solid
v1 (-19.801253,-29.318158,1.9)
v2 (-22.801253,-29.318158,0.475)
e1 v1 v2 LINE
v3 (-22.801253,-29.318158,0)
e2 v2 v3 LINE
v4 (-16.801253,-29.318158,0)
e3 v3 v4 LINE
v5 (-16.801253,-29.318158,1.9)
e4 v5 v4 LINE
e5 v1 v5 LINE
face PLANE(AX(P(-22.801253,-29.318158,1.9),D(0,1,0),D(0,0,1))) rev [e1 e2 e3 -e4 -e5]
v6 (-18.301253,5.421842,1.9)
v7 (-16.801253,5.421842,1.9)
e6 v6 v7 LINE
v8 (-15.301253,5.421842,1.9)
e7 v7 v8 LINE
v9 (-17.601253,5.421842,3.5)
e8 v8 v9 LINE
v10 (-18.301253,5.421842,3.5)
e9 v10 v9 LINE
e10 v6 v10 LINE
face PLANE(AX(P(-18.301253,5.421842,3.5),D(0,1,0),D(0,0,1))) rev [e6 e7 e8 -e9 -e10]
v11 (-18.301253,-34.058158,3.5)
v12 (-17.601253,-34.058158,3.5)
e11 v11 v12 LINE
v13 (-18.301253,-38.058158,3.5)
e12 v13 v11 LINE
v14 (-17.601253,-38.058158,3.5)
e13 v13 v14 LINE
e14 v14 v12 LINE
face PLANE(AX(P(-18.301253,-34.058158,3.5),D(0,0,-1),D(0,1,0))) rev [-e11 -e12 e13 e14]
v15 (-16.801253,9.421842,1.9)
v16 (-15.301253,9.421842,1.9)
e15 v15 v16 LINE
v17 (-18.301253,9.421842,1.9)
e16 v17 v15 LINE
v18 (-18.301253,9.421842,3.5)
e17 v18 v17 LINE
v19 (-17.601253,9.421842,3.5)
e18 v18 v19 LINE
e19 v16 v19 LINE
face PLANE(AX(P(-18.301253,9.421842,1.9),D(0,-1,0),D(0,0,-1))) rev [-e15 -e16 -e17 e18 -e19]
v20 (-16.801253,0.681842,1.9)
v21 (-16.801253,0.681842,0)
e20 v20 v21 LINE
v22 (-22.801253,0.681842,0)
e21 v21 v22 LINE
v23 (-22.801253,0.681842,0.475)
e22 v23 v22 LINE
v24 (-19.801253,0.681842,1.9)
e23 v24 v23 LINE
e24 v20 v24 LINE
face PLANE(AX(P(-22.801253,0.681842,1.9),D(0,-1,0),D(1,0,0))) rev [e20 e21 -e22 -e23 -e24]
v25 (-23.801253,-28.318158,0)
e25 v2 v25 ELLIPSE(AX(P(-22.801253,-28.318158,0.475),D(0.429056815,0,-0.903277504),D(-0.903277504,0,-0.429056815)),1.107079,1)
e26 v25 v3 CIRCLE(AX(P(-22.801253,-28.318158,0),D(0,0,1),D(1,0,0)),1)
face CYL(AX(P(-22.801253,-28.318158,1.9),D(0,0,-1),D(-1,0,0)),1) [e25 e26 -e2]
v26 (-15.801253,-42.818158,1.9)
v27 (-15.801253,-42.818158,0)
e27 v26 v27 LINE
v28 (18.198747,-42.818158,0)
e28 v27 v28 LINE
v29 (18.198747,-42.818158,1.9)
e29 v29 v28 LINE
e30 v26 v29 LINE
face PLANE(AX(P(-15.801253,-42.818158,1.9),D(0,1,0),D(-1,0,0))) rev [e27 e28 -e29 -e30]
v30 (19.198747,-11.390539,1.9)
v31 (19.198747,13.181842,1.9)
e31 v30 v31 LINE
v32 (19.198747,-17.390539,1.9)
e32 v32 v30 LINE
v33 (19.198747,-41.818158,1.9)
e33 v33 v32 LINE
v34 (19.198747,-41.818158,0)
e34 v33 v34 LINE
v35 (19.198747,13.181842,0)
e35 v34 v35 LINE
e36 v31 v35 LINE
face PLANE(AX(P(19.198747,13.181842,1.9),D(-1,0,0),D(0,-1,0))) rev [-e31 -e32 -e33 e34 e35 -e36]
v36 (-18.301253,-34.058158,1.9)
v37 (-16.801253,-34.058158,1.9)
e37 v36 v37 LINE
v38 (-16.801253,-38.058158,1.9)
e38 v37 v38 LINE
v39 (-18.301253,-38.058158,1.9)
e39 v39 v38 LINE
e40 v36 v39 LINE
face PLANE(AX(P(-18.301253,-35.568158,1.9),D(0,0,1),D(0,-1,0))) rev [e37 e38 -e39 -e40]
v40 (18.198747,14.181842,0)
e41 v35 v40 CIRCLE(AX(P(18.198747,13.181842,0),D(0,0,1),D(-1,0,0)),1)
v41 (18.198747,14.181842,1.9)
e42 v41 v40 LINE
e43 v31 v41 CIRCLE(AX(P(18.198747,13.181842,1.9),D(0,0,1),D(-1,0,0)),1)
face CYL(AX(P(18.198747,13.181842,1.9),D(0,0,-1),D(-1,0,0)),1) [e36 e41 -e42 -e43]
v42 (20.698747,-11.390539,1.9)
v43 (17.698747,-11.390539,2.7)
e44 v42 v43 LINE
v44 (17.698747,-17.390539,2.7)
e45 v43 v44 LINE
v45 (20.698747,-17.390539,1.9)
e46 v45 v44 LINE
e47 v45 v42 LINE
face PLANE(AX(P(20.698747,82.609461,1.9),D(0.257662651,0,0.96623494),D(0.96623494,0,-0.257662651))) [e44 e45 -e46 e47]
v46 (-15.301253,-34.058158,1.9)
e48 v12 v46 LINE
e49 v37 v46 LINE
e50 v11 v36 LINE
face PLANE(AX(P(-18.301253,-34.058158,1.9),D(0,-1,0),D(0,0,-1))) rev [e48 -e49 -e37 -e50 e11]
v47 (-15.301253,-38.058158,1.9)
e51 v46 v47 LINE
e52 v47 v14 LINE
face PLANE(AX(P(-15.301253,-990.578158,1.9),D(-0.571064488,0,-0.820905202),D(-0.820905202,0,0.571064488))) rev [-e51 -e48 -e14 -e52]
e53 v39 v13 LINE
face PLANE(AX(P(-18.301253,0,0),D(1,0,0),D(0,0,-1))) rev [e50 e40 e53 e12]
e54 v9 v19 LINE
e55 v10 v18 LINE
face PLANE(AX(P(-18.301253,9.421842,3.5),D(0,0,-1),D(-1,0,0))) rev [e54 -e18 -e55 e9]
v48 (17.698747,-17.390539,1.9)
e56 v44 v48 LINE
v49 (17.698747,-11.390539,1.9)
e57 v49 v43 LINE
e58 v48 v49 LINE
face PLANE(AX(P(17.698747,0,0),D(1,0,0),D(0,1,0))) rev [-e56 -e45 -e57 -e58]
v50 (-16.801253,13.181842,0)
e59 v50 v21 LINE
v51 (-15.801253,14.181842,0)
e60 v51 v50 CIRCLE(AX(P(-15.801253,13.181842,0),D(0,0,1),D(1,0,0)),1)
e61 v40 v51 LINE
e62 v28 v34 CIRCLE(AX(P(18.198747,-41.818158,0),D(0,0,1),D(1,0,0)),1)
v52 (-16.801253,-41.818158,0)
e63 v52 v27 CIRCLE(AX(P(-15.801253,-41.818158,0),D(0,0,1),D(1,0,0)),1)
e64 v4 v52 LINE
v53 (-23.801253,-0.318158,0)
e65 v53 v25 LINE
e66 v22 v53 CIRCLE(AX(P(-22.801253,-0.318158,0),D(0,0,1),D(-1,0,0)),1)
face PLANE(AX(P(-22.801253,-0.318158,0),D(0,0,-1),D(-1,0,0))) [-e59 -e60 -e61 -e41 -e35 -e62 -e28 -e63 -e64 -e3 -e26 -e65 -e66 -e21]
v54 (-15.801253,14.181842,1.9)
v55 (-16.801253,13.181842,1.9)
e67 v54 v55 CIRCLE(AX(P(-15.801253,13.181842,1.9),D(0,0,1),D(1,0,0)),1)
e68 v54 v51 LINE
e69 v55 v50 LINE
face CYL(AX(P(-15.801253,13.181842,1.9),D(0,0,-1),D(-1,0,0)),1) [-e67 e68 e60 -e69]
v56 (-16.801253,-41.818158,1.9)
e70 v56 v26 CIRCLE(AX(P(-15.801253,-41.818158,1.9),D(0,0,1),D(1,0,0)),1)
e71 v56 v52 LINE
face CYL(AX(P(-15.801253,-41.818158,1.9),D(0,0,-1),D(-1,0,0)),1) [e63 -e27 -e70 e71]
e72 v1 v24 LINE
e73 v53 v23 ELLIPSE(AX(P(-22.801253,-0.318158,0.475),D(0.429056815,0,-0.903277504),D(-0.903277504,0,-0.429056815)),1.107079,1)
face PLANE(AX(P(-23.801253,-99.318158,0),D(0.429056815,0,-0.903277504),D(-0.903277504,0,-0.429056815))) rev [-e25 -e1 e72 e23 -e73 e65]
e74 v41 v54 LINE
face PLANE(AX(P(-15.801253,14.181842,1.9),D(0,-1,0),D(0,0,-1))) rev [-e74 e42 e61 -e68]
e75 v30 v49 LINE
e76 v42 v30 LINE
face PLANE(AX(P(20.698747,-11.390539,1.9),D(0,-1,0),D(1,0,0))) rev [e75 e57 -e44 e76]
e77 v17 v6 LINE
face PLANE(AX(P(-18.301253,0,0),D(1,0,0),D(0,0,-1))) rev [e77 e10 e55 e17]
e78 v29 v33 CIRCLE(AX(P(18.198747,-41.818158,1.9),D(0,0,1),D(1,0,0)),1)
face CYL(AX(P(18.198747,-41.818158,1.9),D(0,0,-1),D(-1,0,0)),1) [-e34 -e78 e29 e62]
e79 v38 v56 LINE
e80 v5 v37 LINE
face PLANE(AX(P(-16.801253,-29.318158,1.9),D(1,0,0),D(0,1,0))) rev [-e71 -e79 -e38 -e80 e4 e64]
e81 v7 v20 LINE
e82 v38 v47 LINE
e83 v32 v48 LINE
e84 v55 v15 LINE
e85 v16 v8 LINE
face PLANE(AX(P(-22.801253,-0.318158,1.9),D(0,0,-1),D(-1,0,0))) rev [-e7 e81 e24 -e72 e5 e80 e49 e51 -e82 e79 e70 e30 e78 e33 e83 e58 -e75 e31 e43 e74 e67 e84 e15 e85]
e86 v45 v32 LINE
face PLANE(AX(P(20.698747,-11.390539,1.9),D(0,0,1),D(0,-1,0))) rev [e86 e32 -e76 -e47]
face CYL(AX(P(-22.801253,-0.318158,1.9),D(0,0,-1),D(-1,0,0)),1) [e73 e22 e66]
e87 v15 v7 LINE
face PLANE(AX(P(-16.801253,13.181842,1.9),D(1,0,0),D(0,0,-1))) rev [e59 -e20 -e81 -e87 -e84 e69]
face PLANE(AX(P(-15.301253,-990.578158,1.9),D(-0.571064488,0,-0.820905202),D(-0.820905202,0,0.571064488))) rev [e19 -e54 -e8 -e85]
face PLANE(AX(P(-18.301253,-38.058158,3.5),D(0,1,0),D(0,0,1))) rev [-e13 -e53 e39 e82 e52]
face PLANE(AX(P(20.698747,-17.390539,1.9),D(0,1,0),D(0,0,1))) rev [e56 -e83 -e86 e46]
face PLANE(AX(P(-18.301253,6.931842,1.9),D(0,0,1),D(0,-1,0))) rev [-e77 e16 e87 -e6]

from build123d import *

# Parameters (mm, degrees)
RESSALTO_EXTRUS_O2_DEPTH = 1.9
RESSALTO_EXTRUS_O3_DEPTH = 1.5
CORTE_EXTRUS_O1_DEPTH    = 100
ESBO_O5_W                = 0.8
ESBO_O5_H                = 6
RESSALTO_EXTRUS_O4_DEPTH = 1.5
CORTE_EXTRUS_O2_DEPTH    = 100
CORTE_EXTRUS_O3_DEPTH    = 1000


with BuildPart() as part:
    # Esboço1 → Ressalto-extrusão2 (new body)
    with BuildSketch(Plane.XY):
        with BuildLine():
            Line((-23.801253488, -0.31815777), (-23.801253488, -28.31815777))
            ThreePointArc((-23.801253488, -28.31815777), (-23.50836027, -29.025264551), (-22.801253488, -29.31815777))
            Line((-22.801253488, -29.31815777), (-16.801253488, -29.31815777))
            Line((-16.801253488, -29.31815777), (-16.801253488, -41.81815777))
            ThreePointArc((-16.801253488, -41.81815777), (-16.50836027, -42.525264551), (-15.801253488, -42.81815777))
            Line((-15.801253488, -42.81815777), (18.198746512, -42.81815777))
            ThreePointArc((18.198746512, -42.81815777), (18.905853293, -42.525264551), (19.198746512, -41.81815777))
            Line((19.198746512, -41.81815777), (19.198746512, 13.18184223))
            ThreePointArc((19.198746512, 13.18184223), (18.905853293, 13.888949011), (18.198746512, 14.18184223))
            Line((18.198746512, 14.18184223), (-15.801253488, 14.18184223))
            ThreePointArc((-15.801253488, 14.18184223), (-16.50836027, 13.888949011), (-16.801253488, 13.18184223))
            Line((-16.801253488, 13.18184223), (-16.801253488, 0.68184223))
            Line((-16.801253488, 0.68184223), (-22.801253488, 0.68184223))
            ThreePointArc((-22.801253488, 0.68184223), (-23.50836027, 0.388949011), (-23.801253488, -0.31815777))
        make_face()
    extrude(amount=RESSALTO_EXTRUS_O2_DEPTH)

    # Esboço3 → Ressalto-extrusão3 (add, symmetric)
    with BuildSketch(Plane.ZY.offset(16.801253488)):
        Polygon((1.9, -35.56815777), (1.9, -34.05815777), (3.5, -34.05815777), (3.5, -38.05815777), (1.9, -38.05815777), align=None)
        Polygon((1.9, 6.93184223), (1.9, 9.42184223), (3.5, 9.42184223), (3.5, 5.42184223), (1.9, 5.42184223), align=None)
    extrude(amount=RESSALTO_EXTRUS_O3_DEPTH, both=True)

    # Esboço4 → Corte-extrusão1 (cut)
    with BuildSketch(Plane(origin=(0, 0.68184223, 0), x_dir=(1, 0, 0), z_dir=(0, 1, 0))):
        Polygon((-23.801253488, 0), (-19.801253488, -1.9), (-23.801253488, -1.9), align=None)
    extrude(amount=-CORTE_EXTRUS_O1_DEPTH, mode=Mode.SUBTRACT)

    # Esboço5 → Ressalto-extrusão4 (add, symmetric)
    with BuildSketch(Plane(origin=(19.198746512, 0, 0), x_dir=(0, 0, -1), z_dir=(1, 0, 0))):
        with Locations((-2.3, -14.390539287)):
            Rectangle(ESBO_O5_W, ESBO_O5_H)
    extrude(amount=RESSALTO_EXTRUS_O4_DEPTH, both=True)

    # Esboço6 → Corte-extrusão2 (cut)
    with BuildSketch(Plane(origin=(0, -17.390539287, 0), x_dir=(-1, 0, 0), z_dir=(0, -1, 0))):
        Polygon((-20.698746512, -1.9), (-17.698746512, -2.7), (-20.698746512, -2.7), align=None)
    extrude(amount=-CORTE_EXTRUS_O2_DEPTH, mode=Mode.SUBTRACT)

    # Esboço7 → Corte-extrusão3 (cut)
    with BuildSketch(Plane(origin=(0, 9.42184223, 0), x_dir=(1, 0, 0), z_dir=(0, 1, 0))):
        Polygon((-15.301253488, -1.9), (-17.601253488, -3.5), (-15.301253488, -3.5), align=None)
    extrude(amount=-CORTE_EXTRUS_O3_DEPTH, mode=Mode.SUBTRACT)


solid = part.part
